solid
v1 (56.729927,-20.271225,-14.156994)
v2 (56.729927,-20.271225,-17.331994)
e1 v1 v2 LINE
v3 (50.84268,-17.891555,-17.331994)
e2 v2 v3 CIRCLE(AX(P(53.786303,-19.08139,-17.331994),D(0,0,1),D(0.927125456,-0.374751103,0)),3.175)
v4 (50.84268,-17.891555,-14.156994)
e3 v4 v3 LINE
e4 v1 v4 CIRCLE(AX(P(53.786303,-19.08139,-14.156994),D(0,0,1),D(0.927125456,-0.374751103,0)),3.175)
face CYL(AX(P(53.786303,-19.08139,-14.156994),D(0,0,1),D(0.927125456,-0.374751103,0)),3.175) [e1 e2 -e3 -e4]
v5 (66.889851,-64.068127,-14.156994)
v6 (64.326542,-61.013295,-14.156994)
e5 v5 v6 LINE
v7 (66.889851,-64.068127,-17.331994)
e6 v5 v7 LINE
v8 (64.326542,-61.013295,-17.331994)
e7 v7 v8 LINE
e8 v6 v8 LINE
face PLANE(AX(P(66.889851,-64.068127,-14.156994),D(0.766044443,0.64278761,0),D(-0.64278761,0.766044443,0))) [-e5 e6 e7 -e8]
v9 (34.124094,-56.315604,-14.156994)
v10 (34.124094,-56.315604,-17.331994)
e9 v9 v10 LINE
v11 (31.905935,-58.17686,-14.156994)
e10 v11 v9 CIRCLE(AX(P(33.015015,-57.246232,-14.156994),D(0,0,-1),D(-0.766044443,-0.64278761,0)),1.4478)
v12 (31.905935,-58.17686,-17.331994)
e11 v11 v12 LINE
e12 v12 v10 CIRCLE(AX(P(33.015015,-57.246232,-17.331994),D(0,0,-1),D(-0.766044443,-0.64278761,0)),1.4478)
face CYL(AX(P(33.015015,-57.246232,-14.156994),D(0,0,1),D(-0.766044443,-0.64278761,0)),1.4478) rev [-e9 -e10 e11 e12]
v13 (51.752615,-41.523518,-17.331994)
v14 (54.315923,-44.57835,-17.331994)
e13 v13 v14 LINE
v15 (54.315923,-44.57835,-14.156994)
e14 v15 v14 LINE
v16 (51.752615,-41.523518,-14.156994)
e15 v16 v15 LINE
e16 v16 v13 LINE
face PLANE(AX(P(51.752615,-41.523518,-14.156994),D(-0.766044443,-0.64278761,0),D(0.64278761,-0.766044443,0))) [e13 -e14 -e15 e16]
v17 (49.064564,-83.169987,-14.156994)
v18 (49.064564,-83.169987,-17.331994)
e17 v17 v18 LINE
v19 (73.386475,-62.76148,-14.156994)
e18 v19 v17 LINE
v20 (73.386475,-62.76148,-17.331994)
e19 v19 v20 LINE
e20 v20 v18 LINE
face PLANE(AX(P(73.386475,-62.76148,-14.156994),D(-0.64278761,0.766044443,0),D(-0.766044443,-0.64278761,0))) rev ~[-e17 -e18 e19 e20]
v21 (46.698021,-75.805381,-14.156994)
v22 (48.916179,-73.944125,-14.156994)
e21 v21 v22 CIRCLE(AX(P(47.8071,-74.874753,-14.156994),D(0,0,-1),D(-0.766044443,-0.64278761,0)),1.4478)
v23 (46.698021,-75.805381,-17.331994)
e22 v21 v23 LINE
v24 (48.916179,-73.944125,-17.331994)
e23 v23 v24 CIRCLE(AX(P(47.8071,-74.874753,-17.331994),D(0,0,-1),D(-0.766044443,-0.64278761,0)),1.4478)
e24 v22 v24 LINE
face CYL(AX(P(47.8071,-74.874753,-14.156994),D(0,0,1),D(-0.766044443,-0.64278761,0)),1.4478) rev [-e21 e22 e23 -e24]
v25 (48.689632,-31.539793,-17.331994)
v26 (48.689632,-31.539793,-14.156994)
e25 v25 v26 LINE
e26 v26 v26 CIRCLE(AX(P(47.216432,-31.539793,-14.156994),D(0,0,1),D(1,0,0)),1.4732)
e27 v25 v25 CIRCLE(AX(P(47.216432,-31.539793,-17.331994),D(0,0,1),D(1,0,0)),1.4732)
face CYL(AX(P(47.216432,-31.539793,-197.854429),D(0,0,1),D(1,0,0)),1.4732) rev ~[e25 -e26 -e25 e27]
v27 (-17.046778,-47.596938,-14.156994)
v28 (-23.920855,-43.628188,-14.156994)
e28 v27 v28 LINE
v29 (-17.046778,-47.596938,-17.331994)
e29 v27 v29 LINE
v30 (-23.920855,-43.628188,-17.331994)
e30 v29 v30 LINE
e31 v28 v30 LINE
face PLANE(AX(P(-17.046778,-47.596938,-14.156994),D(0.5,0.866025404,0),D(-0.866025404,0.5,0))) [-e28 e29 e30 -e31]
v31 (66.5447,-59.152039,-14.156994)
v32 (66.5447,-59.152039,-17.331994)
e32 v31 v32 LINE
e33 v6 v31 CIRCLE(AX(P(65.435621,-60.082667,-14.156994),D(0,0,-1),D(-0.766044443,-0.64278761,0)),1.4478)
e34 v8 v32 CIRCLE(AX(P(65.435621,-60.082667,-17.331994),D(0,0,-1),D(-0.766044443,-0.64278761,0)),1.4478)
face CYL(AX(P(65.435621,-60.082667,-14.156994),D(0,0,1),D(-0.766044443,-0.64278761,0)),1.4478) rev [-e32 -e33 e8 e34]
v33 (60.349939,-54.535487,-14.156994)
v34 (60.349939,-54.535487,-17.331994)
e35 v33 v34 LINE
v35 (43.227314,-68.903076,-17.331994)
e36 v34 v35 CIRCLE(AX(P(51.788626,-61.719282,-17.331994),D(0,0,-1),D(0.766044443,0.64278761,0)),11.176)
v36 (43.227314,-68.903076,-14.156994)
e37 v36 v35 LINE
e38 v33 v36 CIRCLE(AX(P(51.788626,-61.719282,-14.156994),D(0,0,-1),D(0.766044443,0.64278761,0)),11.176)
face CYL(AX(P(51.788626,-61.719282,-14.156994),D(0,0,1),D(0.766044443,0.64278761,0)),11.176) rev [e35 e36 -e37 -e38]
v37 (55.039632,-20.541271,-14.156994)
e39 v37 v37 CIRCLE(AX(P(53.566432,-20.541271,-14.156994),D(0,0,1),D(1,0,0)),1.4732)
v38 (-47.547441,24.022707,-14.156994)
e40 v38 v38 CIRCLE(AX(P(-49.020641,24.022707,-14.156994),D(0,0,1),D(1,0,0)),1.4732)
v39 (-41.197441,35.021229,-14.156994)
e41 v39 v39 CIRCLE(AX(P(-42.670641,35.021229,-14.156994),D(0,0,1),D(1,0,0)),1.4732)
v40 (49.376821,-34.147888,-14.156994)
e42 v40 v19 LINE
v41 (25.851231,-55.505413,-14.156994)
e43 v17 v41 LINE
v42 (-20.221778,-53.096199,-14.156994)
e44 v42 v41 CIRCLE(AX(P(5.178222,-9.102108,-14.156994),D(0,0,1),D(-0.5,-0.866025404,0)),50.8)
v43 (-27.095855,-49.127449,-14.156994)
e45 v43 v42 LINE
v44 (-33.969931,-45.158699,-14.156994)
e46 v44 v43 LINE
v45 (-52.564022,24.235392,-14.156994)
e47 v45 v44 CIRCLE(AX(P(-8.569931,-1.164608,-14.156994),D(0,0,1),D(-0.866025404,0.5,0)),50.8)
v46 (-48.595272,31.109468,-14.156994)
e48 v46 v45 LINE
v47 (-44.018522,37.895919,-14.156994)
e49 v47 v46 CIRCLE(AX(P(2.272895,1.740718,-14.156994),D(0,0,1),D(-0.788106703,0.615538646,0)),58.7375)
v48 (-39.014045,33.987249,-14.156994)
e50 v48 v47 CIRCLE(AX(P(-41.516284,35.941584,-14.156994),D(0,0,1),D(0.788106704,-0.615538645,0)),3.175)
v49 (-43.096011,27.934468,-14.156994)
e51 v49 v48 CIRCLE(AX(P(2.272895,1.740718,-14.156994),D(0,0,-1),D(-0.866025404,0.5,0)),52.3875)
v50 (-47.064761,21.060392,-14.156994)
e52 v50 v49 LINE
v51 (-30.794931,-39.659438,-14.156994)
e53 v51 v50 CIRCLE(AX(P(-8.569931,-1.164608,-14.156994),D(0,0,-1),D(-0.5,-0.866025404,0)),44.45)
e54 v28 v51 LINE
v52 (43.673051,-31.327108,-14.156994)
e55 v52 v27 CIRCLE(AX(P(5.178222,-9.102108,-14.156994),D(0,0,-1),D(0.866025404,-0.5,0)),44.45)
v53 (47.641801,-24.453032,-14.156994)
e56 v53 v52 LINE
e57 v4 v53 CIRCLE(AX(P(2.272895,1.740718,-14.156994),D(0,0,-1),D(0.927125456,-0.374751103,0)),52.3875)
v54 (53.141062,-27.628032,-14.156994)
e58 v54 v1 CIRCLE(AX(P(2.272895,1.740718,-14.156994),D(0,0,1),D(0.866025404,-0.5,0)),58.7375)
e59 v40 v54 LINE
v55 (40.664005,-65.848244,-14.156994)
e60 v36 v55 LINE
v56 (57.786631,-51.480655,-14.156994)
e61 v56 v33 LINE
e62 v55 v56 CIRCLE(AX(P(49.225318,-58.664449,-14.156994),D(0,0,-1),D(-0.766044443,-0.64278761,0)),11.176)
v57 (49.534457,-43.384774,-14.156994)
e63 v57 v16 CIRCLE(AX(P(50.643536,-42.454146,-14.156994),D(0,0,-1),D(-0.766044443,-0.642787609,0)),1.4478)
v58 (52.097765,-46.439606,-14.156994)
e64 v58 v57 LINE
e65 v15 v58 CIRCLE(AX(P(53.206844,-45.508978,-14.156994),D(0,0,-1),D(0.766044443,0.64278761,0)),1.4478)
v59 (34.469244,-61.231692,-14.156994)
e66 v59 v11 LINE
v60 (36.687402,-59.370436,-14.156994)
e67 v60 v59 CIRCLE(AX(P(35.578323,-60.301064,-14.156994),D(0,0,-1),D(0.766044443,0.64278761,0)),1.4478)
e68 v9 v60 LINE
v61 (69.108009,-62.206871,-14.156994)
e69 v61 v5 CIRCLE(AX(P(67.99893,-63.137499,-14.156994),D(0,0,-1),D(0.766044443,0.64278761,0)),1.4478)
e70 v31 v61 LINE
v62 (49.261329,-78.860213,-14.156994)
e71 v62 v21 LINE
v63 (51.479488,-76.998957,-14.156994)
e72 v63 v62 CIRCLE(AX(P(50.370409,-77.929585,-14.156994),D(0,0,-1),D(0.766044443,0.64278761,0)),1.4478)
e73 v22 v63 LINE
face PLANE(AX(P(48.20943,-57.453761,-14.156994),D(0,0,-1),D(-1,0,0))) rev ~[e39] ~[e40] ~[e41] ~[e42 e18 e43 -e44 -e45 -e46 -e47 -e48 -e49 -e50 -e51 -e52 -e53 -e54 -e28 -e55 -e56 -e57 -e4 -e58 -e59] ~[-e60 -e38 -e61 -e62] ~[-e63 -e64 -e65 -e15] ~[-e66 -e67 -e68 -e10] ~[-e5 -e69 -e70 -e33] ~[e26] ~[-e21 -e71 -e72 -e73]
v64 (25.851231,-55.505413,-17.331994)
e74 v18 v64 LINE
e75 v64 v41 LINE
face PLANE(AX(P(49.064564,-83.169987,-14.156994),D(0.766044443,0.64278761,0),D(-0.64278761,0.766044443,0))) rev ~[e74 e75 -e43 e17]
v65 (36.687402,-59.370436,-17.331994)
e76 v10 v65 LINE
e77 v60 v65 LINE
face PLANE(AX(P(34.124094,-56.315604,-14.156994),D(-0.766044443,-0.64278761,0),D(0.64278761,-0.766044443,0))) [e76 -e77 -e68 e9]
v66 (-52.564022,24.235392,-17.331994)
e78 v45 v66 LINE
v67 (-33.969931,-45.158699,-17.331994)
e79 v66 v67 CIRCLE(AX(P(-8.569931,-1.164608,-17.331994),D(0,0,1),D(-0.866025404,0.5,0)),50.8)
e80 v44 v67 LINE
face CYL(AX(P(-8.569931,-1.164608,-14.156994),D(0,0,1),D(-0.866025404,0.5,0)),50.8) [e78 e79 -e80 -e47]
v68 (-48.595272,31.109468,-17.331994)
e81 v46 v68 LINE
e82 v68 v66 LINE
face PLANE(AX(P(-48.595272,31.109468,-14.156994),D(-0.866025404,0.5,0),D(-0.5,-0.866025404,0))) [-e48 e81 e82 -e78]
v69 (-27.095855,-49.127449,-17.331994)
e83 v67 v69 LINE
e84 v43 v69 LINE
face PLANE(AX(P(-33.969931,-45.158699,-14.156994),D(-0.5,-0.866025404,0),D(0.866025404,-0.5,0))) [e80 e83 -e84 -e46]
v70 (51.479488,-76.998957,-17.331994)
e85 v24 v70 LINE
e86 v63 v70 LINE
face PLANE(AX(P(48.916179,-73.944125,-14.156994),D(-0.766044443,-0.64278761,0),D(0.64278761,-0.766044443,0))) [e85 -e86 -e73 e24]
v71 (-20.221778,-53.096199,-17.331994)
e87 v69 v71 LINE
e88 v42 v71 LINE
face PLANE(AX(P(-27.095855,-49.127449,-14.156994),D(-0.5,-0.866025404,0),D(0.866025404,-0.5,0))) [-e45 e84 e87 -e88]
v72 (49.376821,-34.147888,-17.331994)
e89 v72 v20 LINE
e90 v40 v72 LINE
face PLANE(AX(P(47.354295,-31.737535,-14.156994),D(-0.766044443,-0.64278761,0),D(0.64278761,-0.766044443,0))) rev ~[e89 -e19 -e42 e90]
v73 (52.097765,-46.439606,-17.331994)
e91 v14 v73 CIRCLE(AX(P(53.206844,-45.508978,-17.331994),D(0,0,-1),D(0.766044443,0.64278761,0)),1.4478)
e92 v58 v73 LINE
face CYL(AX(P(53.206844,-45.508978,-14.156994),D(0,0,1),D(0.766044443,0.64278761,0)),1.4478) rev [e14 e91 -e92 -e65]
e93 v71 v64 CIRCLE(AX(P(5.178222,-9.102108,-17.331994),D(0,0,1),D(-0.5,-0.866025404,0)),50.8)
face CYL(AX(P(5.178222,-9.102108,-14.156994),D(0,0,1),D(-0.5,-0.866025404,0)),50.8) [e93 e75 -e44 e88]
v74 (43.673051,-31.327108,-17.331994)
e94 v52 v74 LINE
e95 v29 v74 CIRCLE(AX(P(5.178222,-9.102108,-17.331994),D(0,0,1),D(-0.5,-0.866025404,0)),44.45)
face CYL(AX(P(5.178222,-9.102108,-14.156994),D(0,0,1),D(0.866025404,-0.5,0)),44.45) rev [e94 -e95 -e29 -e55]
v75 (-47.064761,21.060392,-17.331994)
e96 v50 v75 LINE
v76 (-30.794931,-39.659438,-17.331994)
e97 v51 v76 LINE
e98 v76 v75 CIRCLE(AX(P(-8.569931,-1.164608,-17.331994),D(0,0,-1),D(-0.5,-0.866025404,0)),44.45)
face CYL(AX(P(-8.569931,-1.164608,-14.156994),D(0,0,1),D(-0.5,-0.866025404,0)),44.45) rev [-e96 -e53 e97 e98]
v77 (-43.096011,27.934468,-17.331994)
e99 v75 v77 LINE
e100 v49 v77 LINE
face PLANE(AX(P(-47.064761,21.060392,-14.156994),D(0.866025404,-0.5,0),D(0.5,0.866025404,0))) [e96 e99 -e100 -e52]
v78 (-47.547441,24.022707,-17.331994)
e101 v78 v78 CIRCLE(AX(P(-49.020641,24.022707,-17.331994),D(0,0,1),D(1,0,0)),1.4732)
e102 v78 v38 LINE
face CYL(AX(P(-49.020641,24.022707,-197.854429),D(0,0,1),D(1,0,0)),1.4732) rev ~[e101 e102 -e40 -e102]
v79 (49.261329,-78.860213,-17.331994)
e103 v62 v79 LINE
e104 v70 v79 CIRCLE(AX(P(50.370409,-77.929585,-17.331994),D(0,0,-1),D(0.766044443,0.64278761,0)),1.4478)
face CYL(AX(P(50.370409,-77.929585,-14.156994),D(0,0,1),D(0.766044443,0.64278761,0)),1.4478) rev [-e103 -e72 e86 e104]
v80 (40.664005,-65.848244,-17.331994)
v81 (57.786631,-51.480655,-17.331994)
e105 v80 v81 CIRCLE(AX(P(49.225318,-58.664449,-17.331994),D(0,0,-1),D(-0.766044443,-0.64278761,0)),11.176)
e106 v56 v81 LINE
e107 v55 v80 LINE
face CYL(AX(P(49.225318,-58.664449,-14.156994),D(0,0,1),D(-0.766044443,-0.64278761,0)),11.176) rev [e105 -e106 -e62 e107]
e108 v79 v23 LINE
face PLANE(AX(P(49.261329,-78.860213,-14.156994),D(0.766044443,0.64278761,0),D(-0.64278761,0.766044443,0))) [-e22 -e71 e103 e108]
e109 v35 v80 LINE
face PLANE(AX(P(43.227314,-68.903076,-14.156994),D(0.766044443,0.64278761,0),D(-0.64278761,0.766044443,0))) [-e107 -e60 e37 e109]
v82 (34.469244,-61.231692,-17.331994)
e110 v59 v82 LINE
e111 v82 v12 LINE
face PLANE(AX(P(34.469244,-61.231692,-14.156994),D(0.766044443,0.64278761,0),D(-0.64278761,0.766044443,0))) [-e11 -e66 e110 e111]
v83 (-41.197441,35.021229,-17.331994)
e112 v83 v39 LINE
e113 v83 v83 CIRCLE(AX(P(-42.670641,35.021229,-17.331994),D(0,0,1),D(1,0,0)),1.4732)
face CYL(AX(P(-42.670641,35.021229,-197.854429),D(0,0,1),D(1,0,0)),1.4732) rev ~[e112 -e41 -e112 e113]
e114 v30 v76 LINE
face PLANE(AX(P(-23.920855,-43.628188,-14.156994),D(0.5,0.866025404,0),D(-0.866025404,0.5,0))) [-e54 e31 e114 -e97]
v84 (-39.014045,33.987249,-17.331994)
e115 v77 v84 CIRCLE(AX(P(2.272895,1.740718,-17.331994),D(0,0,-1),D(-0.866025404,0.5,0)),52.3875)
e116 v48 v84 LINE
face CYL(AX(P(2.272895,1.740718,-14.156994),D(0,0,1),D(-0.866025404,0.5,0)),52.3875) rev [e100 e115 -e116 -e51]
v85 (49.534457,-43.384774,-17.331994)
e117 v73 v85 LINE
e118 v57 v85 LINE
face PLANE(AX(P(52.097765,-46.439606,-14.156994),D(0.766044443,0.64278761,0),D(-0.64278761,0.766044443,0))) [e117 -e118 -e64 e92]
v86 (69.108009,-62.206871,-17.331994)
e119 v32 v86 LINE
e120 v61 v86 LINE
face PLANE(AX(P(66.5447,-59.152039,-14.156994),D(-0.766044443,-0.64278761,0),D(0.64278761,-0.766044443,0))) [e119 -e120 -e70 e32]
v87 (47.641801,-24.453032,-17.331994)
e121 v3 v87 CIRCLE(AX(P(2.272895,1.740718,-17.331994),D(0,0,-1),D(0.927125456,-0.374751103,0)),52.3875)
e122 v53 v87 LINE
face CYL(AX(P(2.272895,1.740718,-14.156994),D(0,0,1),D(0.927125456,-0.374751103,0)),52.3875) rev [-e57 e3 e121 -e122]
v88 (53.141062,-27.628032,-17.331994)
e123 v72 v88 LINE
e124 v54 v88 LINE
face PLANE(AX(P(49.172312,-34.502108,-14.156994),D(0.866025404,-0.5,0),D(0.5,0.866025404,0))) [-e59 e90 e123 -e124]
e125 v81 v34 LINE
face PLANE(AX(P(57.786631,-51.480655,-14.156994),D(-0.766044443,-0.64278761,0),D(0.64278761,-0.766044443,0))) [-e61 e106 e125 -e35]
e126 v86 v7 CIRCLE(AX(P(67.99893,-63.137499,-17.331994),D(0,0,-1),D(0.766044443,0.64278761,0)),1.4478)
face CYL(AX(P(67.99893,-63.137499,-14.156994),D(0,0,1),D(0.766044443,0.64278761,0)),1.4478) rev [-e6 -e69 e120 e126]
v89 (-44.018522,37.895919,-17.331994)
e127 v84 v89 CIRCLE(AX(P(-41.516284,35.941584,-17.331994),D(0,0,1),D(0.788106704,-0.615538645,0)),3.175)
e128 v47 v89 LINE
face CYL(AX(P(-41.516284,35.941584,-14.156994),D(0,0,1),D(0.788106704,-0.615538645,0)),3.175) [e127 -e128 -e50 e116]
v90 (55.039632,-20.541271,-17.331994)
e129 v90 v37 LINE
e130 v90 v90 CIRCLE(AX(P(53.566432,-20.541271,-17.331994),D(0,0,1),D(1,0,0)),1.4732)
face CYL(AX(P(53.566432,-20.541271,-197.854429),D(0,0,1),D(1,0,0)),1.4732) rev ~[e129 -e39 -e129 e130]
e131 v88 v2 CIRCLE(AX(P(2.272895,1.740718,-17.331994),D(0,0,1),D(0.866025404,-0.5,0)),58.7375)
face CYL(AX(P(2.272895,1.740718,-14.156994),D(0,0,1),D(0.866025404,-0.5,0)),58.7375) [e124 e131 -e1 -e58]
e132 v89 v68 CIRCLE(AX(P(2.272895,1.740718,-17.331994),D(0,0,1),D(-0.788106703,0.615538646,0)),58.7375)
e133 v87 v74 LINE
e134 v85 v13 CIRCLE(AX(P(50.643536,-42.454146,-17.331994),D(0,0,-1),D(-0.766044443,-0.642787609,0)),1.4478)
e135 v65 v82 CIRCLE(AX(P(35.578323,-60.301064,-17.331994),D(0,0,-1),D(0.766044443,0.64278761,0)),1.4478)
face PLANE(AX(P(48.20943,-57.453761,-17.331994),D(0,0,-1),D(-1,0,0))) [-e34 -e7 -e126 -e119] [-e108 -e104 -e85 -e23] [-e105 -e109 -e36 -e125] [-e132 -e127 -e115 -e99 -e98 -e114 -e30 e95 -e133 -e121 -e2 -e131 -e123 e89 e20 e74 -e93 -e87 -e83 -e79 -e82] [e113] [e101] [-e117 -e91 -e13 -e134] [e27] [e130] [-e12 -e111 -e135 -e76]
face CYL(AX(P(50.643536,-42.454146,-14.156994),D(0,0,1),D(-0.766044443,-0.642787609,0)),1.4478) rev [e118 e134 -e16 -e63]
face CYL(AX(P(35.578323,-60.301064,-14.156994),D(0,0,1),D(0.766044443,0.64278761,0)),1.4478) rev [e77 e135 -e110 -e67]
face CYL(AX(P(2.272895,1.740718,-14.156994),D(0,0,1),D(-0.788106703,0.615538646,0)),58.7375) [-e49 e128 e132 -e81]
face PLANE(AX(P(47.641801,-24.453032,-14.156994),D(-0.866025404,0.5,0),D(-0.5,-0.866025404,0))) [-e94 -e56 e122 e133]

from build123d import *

# Parameters (mm, degrees)
BOSS_EXTRUDE1_DEPTH   = 3.175
BOSS_EXTRUDE2_DEPTH   = 3.175
F_4_CLEARANCE_HOLE1_D = 2.9464


with BuildPart() as part:
    # Sketch1 → Boss-Extrude1 (new body)
    with BuildSketch(Plane(origin=(0, 0, -14.15699402), x_dir=(-1, 0, 0), z_dir=(0, 0, -1))):
        with BuildLine():
            Line((-49.172312317, -34.502108483), (-53.141062317, -27.628031841))
            ThreePointArc((-53.141062317, -27.628031841), (-55.063803638, -24.012221257), (-56.72992661, -20.271224785))
            ThreePointArc((-56.72992661, -20.271224785), (-54.976138042, -16.13776671), (-50.842679967, -17.891555277))
            ThreePointArc((-50.842679967, -17.891555277), (-49.356678398, -21.228119699), (-47.641801003, -24.453031841))
            Line((-47.641801003, -24.453031841), (-43.673051003, -31.327108483))
            ThreePointArc((-43.673051003, -31.327108483), (-16.68272836, -52.037511462), (17.046778195, -47.596937682))
            Line((17.046778195, -47.596937682), (23.920854837, -43.628187682))
            Line((23.920854837, -43.628187682), (30.79493148, -39.659437682))
            ThreePointArc((30.79493148, -39.659437682), (51.505334458, -12.669115038), (47.064760678, 21.060391517))
            Line((47.064760678, 21.060391517), (43.096010678, 27.934468159))
            ThreePointArc((43.096010678, 27.934468159), (41.160593535, 31.032051618), (39.01404477, 33.987248938))
            ThreePointArc((39.01404477, 33.987248938), (39.561948355, 38.44382292), (44.018522337, 37.895919335))
            ThreePointArc((44.018522337, 37.895919335), (46.425258832, 34.58251628), (48.595271992, 31.109468159))
            Line((48.595271992, 31.109468159), (52.564021992, 24.235391517))
            ThreePointArc((52.564021992, 24.235391517), (57.638963455, -14.312615975), (33.96993148, -45.158698996))
            Line((33.96993148, -45.158698996), (27.095854837, -49.127448996))
            Line((27.095854837, -49.127448996), (20.221778195, -53.096198996))
            ThreePointArc((20.221778195, -53.096198996), (-18.326229296, -58.171140459), (-49.172312317, -34.502108483))
        make_face()
    extrude(amount=BOSS_EXTRUDE1_DEPTH)

    # Sketch6 → Boss-Extrude2 (add)
    with BuildSketch(Plane.XY.offset(-14.15699402)):
        Polygon((73.386475357, -62.761479903), (49.064564288, -83.169986511), (23.03238373, -52.146041808), (47.354294799, -31.7375352), align=None)
        with BuildLine():
            Line((57.786630634, -51.480655173), (60.349939064, -54.535487203))
            ThreePointArc((60.349939064, -54.535487203), (58.972420693, -70.280594225), (43.227313671, -68.903075855))
            Line((43.227313671, -68.903075855), (40.664005241, -65.848243824))
            ThreePointArc((40.664005241, -65.848243824), (42.041523612, -50.103136802), (57.786630634, -51.480655173))
        make_face(mode=Mode.SUBTRACT)
        with BuildLine():
            Line((49.261329446, -78.860212796), (46.698021016, -75.805380766))
            ThreePointArc((46.698021016, -75.805380766), (46.876472259, -73.76567372), (48.916179305, -73.944124963))
            Line((48.916179305, -73.944124963), (51.479487735, -76.998956993))
            ThreePointArc((51.479487735, -76.998956993), (51.301036492, -79.03866404), (49.261329446, -78.860212796))
        make_face(mode=Mode.SUBTRACT)
        with BuildLine():
            Line((34.124093716, -56.31560382), (36.687402146, -59.370435851))
            ThreePointArc((36.687402146, -59.370435851), (36.508950903, -61.410142897), (34.469243857, -61.231691653))
            Line((34.469243857, -61.231691653), (31.905935427, -58.176859623))
            ThreePointArc((31.905935427, -58.176859623), (32.08438667, -56.137152577), (34.124093716, -56.31560382))
        make_face(mode=Mode.SUBTRACT)
        with BuildLine():
            Line((51.752614859, -41.523518231), (54.315923289, -44.578350261))
            ThreePointArc((54.315923289, -44.578350261), (54.137472045, -46.618057308), (52.097764999, -46.439606064))
            Line((52.097764999, -46.439606064), (49.534456569, -43.384774034))
            ThreePointArc((49.534456569, -43.384774034), (49.712907813, -41.345066988), (51.752614859, -41.523518231))
        make_face(mode=Mode.SUBTRACT)
        with BuildLine():
            Line((66.544700448, -59.152039374), (69.108008878, -62.206871404))
            ThreePointArc((69.108008878, -62.206871404), (68.929557635, -64.24657845), (66.889850589, -64.068127207))
            Line((66.889850589, -64.068127207), (64.326542159, -61.013295177))
            ThreePointArc((64.326542159, -61.013295177), (64.504993402, -58.973588131), (66.544700448, -59.152039374))
        make_face(mode=Mode.SUBTRACT)
    extrude(amount=-BOSS_EXTRUDE2_DEPTH)

    # #4 Clearance Hole1 (through all)
    with Locations(Plane(origin=(0, 0, -17.33199402), x_dir=(-1, 0, 0), z_dir=(0, 0, -1))):
        with Locations((-53.56643166, -20.541270527), (-47.21643166, -31.539793155), (42.670641335, 35.021229473), (49.020641335, 24.022706845)):
            Hole(F_4_CLEARANCE_HOLE1_D / 2)


solid = part.part
